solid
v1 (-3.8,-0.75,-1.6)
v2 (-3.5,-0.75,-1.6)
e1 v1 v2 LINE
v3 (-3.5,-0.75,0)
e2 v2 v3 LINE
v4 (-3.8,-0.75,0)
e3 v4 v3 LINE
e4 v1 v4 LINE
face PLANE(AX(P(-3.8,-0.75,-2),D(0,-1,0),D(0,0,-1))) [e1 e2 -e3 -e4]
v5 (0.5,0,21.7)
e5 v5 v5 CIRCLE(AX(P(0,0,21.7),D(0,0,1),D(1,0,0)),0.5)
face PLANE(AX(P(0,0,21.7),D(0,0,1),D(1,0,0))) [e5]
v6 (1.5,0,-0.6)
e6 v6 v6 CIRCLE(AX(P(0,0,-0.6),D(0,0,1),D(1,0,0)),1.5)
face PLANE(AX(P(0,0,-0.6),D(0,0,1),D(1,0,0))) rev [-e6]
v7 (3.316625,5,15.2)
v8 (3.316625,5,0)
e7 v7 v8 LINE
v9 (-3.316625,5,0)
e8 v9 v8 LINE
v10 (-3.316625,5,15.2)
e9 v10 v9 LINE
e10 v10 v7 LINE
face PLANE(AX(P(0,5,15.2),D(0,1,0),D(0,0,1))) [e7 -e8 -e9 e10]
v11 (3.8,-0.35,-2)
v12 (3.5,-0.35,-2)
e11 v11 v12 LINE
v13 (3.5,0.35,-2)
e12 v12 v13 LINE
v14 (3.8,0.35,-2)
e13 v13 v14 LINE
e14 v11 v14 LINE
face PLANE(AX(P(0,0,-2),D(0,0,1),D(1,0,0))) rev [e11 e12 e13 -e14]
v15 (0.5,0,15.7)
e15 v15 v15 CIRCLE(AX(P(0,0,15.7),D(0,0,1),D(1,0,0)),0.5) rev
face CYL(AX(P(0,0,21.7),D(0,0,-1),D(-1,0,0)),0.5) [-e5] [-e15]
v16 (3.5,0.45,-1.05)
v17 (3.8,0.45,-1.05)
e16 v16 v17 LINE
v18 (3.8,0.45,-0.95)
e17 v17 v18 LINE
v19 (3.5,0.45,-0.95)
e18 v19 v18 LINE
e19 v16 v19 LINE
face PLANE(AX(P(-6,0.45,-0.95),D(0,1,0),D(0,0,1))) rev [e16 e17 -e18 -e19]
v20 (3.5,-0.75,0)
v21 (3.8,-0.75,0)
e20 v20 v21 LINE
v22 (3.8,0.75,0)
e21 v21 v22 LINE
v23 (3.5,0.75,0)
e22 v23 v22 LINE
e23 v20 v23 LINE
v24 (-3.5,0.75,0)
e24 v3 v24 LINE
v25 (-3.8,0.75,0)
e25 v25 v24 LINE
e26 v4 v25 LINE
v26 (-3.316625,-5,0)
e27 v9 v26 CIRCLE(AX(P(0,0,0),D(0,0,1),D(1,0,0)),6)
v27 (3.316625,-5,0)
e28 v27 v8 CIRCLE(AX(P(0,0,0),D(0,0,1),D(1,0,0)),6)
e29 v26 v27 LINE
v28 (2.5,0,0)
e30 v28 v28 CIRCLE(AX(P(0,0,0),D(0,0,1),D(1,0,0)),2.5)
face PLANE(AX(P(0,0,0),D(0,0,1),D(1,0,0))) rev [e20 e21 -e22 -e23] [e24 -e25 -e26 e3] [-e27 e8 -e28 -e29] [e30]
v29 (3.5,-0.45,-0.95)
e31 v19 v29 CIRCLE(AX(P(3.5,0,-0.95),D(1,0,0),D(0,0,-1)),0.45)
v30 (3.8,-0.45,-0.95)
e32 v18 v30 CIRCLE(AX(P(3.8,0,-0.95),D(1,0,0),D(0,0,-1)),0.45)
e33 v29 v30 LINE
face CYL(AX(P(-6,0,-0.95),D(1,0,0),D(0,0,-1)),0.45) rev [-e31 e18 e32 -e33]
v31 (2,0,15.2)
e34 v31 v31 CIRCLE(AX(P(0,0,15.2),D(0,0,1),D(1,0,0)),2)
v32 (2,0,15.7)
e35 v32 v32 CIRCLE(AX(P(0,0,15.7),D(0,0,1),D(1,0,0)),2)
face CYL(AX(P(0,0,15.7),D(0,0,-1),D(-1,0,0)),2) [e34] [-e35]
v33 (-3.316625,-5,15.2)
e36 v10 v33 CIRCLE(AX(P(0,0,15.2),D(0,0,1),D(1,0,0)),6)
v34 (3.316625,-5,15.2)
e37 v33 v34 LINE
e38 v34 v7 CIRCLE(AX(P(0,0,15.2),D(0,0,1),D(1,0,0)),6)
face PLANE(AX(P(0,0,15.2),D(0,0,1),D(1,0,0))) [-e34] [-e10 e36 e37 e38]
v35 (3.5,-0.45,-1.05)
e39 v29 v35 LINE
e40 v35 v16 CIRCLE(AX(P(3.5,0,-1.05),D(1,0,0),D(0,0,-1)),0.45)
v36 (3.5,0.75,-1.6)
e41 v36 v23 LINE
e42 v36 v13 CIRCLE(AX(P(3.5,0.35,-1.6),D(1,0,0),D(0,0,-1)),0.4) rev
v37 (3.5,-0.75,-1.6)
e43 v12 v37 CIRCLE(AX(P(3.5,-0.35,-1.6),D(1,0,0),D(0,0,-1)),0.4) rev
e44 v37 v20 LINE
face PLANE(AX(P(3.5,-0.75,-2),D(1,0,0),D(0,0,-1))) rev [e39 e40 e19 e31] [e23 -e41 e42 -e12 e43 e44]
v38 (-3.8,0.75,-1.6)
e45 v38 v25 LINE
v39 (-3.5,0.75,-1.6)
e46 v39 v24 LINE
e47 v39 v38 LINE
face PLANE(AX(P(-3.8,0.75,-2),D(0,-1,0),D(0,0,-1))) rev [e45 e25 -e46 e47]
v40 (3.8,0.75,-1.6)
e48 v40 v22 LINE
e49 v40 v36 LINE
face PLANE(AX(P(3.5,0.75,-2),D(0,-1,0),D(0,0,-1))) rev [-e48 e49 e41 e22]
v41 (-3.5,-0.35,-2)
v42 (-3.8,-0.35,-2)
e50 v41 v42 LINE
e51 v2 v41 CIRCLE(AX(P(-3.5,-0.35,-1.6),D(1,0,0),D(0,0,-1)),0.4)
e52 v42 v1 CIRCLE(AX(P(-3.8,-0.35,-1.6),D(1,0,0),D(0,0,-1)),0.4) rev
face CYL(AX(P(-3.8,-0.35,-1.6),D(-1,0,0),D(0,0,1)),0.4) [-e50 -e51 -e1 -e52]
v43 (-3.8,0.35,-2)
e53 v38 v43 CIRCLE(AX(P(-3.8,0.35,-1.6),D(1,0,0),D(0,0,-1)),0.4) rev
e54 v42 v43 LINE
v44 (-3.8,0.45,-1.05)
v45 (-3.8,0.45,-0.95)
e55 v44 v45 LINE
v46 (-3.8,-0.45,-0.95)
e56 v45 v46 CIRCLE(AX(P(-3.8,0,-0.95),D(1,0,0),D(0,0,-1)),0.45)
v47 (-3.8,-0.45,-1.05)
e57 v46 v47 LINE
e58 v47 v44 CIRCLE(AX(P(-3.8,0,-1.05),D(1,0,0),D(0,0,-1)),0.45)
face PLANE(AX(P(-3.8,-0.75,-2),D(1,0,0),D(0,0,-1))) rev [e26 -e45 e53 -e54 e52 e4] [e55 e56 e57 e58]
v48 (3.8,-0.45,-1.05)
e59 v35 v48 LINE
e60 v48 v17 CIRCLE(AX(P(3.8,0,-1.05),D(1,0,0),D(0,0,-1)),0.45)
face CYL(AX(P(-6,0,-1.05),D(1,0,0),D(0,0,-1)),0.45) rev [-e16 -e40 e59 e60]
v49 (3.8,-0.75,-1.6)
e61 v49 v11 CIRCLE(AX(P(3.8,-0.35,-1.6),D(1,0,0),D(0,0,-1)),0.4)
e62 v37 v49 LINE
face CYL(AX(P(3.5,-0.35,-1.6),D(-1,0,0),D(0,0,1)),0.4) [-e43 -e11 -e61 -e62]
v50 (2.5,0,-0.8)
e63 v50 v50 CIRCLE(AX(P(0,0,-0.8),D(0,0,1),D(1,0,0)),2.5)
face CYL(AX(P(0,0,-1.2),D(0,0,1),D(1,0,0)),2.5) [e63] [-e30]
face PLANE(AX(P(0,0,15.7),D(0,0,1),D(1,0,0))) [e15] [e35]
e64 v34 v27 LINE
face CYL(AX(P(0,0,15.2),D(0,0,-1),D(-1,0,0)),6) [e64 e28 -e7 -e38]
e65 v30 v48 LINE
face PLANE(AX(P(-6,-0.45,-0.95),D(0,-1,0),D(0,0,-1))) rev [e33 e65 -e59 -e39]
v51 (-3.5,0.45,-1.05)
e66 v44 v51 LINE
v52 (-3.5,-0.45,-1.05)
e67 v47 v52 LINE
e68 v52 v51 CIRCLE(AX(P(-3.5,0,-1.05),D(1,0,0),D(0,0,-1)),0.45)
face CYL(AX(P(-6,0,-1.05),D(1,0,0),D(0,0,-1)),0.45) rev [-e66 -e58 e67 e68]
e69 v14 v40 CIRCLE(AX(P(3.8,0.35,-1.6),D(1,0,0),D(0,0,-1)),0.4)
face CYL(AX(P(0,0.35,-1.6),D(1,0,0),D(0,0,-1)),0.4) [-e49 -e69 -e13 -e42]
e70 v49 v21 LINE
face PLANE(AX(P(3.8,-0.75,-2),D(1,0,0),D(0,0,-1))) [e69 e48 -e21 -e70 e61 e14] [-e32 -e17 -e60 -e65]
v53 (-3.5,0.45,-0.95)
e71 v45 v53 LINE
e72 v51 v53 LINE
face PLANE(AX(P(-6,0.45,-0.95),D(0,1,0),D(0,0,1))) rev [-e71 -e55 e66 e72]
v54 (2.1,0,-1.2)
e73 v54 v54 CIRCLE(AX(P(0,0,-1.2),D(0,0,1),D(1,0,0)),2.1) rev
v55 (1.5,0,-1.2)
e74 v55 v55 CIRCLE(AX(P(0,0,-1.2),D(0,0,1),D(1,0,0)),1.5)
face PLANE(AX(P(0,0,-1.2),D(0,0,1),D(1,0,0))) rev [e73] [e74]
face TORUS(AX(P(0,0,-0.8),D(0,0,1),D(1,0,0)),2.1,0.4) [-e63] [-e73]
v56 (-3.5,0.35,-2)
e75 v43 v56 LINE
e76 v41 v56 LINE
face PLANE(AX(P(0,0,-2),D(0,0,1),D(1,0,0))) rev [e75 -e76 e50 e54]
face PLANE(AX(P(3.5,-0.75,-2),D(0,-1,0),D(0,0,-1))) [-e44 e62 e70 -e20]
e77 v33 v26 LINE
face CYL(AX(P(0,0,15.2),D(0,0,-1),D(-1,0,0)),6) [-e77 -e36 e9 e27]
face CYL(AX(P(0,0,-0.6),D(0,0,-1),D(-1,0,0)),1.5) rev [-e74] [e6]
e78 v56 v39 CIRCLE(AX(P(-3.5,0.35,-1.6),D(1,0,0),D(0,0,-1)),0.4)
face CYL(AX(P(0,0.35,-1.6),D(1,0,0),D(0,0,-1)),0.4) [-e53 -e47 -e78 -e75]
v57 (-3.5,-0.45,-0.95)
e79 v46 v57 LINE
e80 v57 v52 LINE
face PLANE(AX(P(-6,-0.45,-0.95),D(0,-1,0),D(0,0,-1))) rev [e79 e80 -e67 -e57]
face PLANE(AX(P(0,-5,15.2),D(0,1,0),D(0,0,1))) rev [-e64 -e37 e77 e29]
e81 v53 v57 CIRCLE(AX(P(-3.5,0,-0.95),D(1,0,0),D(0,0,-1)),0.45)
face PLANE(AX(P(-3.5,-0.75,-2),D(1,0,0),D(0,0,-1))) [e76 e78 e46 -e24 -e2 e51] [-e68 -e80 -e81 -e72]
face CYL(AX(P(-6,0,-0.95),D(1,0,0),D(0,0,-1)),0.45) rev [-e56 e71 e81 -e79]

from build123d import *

# Parameters (mm, degrees)
SKETCH_1_W          = 0.3
SKETCH_1_H          = 1.5
SKETCH_1_R          = 2.5
SKETCH_1_R_2        = 1.5
EXTRUDE_1_DEPTH     = 15.2
SKETCH_1_4_W        = 0.3
SKETCH_1_4_H        = 1.5
EXTRUDE_2_DEPTH     = 2
CUT_EXTRUDE_2_DEPTH = 19.763794925
FILLET_1_R          = 0.4
SKETCH_1_5_R        = 2.5
SKETCH_1_5_R_2      = 1.5
EXTRUDE_3_DEPTH     = 1.2
CUT_EXTRUDE_START   = -1.2
SKETCH_1_7_R        = 1.5
CUT_EXTRUDE_1_DEPTH = 0.6
FILLET_2_R          = 0.4
SKETCH_3_R          = 2
EXTRUDE_4_DEPTH     = 0.5
SKETCH_3_3_R        = 0.5
EXTRUDE_5_DEPTH     = 6.5


with BuildPart() as part:
    # 草图1 → 凸台-拉伸1 (new body)
    # profile 1 of 5: a face of its own
    with BuildSketch(Plane.XY):
        with BuildLine():
            ThreePointArc((-6, 0), (-5.286764074, -2.837274331), (-3.31662479, -5))
            Line((-3.31662479, -5), (3.31662479, -5))
            ThreePointArc((3.31662479, -5), (5.286764074, -2.837274331), (6, 0))
            ThreePointArc((6, 0), (5.286764074, 2.837274331), (3.31662479, 5))
            Line((3.31662479, 5), (-3.31662479, 5))
            ThreePointArc((-3.31662479, 5), (-5.286764074, 2.837274331), (-6, 0))
        make_face()
        with Locations((-3.65, 0)):
            Rectangle(SKETCH_1_W, SKETCH_1_H, mode=Mode.SUBTRACT)
        Circle(SKETCH_1_R, mode=Mode.SUBTRACT)
        with Locations((3.65, 0)):
            Rectangle(SKETCH_1_W, SKETCH_1_H, mode=Mode.SUBTRACT)
    # profile 2 of 5: a face of its own
    with BuildSketch(Plane.XY):
        Circle(SKETCH_1_R)
        Circle(SKETCH_1_R_2, mode=Mode.SUBTRACT)
    # profile 3 of 5: a face of its own
    with BuildSketch(Plane.XY):
        Circle(SKETCH_1_R_2)
    # profile 4 of 5: a face of its own
    with BuildSketch(Plane.XY):
        with Locations((3.65, 0)):
            Rectangle(SKETCH_1_W, SKETCH_1_H)
    # profile 5 of 5: a face of its own
    with BuildSketch(Plane.XY):
        with Locations((-3.65, 0)):
            Rectangle(SKETCH_1_W, SKETCH_1_H)
    extrude(amount=EXTRUDE_1_DEPTH)

    # 草图1<4> → 凸台-拉伸2 (add)
    with BuildSketch(Plane.XY):
        with Locations((3.65, 0)):
            Rectangle(SKETCH_1_4_W, SKETCH_1_4_H)
        with Locations((-3.65, 0)):
            Rectangle(SKETCH_1_4_W, SKETCH_1_4_H)
    extrude(amount=-EXTRUDE_2_DEPTH)

    # 草图2 → 切除-拉伸2 (cut, through all)
    with BuildSketch(Plane(origin=(3.8, 0, 0), x_dir=(0, 0, -1), z_dir=(1, 0, 0))):
        with BuildLine():
            Line((0.95, 0.45), (1.05, 0.45))
            ThreePointArc((1.05, 0.45), (1.5, 0), (1.05, -0.45))
            Line((1.05, -0.45), (0.95, -0.45))
            ThreePointArc((0.95, -0.45), (0.5, 0), (0.95, 0.45))
        make_face()
    extrude(amount=-CUT_EXTRUDE_2_DEPTH, mode=Mode.SUBTRACT)

    # 圆角1
    fillet_1_edges = [part.edges().sort_by_distance(p)[0] for p in [
        (3.65, -0.75, -2),
        (3.65, 0.75, -2),
        (-3.65, -0.75, -2),
        (-3.65, 0.75, -2),
    ]]
    fillet(fillet_1_edges, radius=FILLET_1_R)

    # 草图1<5> → 凸台-拉伸3 (add)
    # profile 1 of 2: a face of its own
    with BuildSketch(Plane.XY):
        Circle(SKETCH_1_5_R)
        Circle(SKETCH_1_5_R_2, mode=Mode.SUBTRACT)
    # profile 2 of 2: a face of its own
    with BuildSketch(Plane.XY):
        Circle(SKETCH_1_5_R_2)
    extrude(amount=-EXTRUDE_3_DEPTH)

    # 草图1<7> → 切除-拉伸1 (cut)
    with BuildSketch(Plane.XY.offset(CUT_EXTRUDE_START)):
        Circle(SKETCH_1_7_R)
    extrude(amount=CUT_EXTRUDE_1_DEPTH, mode=Mode.SUBTRACT)

    # 圆角2
    fillet_2_edges = [part.edges().sort_by_distance(p)[0] for p in [
        (-2.5, 0, -1.2),
    ]]
    fillet(fillet_2_edges, radius=FILLET_2_R)

    # 草图3 → 凸台-拉伸4 (add)
    with BuildSketch(Plane.XY.offset(15.2)):
        Circle(SKETCH_3_R)
    extrude(amount=EXTRUDE_4_DEPTH)

    # 草图3<3> → 凸台-拉伸5 (add)
    with BuildSketch(Plane.XY.offset(15.2)):
        Circle(SKETCH_3_3_R)
    extrude(amount=EXTRUDE_5_DEPTH)


solid = part.part
